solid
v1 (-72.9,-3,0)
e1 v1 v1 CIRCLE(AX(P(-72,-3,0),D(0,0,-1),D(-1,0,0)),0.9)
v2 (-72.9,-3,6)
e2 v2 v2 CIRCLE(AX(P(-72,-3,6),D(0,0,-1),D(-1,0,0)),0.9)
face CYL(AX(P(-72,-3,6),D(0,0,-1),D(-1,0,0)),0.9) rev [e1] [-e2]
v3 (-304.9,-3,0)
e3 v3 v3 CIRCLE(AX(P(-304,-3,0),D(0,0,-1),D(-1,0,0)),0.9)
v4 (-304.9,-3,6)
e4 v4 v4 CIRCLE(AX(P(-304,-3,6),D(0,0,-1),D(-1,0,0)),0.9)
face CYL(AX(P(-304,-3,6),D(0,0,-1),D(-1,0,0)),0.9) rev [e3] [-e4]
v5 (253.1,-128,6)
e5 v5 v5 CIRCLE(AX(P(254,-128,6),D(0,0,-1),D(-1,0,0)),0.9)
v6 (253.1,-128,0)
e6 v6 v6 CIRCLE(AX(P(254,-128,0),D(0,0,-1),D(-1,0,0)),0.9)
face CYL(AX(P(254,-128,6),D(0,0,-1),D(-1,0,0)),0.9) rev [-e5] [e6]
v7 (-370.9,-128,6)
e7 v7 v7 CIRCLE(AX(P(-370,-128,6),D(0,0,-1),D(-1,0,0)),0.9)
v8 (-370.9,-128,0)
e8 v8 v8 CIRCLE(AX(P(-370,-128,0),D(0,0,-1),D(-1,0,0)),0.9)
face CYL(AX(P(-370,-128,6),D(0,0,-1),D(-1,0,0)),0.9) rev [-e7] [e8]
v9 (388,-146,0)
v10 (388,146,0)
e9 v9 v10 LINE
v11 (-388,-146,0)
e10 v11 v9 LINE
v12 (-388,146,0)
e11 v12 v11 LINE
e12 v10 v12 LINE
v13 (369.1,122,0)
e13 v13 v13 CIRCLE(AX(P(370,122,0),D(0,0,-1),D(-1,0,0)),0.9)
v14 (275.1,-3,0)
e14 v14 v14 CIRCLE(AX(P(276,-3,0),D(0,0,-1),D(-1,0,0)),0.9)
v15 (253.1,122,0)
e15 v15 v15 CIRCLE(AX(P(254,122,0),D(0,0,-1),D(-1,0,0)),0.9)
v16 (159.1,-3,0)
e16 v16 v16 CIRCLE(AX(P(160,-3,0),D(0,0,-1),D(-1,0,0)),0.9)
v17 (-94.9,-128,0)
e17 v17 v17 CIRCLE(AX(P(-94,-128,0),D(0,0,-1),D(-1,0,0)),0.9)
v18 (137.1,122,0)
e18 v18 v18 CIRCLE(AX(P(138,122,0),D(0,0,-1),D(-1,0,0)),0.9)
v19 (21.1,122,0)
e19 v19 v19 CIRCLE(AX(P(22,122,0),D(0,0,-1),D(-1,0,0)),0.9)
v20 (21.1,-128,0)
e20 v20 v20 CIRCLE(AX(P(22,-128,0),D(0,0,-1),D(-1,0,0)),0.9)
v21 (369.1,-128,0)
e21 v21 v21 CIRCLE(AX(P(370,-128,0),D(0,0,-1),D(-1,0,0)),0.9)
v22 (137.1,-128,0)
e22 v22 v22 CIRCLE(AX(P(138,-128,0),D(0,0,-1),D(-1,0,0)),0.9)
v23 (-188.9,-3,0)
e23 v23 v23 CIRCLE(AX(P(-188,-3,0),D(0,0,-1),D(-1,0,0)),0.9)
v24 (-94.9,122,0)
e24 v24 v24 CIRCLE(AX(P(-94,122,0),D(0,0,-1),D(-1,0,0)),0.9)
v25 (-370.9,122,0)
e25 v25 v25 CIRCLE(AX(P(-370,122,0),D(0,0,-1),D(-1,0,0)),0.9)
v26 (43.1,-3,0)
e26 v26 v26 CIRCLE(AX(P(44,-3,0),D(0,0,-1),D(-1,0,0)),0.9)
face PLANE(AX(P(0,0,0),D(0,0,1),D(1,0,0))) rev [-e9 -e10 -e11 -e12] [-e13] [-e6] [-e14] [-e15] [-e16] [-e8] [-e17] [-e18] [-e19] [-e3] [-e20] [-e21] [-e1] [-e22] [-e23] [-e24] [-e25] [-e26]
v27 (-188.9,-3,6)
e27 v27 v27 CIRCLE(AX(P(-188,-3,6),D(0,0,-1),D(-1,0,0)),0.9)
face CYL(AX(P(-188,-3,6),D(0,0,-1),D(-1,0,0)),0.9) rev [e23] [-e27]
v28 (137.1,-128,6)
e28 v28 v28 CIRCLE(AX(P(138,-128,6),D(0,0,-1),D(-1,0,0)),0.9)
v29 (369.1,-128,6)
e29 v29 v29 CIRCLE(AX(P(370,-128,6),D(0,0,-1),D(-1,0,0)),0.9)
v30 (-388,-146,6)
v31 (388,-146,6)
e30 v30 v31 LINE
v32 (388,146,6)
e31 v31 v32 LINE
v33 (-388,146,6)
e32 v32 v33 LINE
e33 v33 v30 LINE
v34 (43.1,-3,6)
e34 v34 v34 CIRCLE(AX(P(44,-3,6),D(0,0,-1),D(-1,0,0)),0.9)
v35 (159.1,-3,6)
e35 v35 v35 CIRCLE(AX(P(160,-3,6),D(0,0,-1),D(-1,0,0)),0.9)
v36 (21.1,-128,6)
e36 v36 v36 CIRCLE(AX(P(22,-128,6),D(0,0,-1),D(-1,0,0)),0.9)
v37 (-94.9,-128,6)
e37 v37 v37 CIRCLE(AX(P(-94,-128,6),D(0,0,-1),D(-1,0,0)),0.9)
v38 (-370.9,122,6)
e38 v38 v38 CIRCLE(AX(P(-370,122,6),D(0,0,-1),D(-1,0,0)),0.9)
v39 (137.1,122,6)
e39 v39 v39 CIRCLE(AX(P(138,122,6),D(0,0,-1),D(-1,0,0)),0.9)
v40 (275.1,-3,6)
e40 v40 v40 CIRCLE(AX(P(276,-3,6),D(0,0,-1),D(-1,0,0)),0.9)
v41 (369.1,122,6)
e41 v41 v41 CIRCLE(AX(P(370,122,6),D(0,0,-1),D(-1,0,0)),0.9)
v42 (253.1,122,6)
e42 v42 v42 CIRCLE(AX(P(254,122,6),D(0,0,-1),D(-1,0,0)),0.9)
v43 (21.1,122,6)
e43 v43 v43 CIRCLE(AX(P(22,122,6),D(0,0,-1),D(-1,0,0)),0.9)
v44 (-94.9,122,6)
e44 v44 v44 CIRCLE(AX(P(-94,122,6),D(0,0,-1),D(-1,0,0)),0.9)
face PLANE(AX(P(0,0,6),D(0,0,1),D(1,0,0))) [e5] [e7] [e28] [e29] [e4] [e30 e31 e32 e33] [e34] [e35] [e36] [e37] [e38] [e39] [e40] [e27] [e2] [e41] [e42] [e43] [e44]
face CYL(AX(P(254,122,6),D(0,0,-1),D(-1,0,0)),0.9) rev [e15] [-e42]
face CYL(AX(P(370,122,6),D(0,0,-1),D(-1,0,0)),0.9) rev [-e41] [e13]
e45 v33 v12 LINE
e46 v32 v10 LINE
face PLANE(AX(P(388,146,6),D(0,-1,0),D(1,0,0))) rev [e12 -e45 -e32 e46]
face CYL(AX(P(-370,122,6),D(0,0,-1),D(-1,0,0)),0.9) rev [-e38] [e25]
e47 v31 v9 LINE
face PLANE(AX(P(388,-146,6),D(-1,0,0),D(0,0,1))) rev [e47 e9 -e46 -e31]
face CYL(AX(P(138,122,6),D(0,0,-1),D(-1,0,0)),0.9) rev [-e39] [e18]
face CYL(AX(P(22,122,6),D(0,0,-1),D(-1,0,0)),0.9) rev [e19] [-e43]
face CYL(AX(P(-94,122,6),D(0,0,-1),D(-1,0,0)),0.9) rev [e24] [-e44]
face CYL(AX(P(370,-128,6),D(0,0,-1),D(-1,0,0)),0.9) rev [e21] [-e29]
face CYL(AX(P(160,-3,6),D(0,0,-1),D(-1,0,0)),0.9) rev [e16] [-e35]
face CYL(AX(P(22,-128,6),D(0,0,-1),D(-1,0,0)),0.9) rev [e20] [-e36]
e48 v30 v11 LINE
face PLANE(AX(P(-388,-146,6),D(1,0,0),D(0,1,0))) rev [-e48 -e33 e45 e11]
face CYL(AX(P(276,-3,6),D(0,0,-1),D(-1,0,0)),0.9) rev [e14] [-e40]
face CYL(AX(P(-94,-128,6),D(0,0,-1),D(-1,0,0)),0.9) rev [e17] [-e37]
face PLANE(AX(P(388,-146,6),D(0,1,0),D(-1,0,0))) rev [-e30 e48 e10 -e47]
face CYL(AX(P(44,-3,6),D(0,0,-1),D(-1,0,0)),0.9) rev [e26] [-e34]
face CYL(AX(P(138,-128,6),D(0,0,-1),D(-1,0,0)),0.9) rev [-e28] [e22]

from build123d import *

# Parameters (mm, degrees)
SKETCH1_W           = 776
SKETCH1_H           = 292
BOSS_EXTRUDE1_DEPTH = 6
SKETCH2_R           = 0.9
CUT_EXTRUDE1_DEPTH  = 6


with BuildPart() as part:
    # Sketch1 → Boss-Extrude1 (new body)
    with BuildSketch(Plane.XY):
        Rectangle(SKETCH1_W, SKETCH1_H)
    extrude(amount=BOSS_EXTRUDE1_DEPTH)

    # Sketch2 → Cut-Extrude1 (cut)
    with BuildSketch(Plane(origin=(0, 0, 0), x_dir=(-1, 0, 0), z_dir=(0, 0, -1))):
        with Locations((-370, -128)):
            Circle(SKETCH2_R)
        with Locations((-370, 122)):
            Circle(SKETCH2_R)
        with Locations((370, -128)):
            Circle(SKETCH2_R)
        with Locations((370, 122)):
            Circle(SKETCH2_R)
        with Locations((-276, -3)):
            Circle(SKETCH2_R)
        with Locations((-254, -128)):
            Circle(SKETCH2_R)
        with Locations((-254, 122)):
            Circle(SKETCH2_R)
        with Locations((-160, -3)):
            Circle(SKETCH2_R)
        with Locations((-138, -128)):
            Circle(SKETCH2_R)
        with Locations((-138, 122)):
            Circle(SKETCH2_R)
        with Locations((-44, -3)):
            Circle(SKETCH2_R)
        with Locations((-22, -128)):
            Circle(SKETCH2_R)
        with Locations((-22, 122)):
            Circle(SKETCH2_R)
        with Locations((72, -3)):
            Circle(SKETCH2_R)
        with Locations((94, -128)):
            Circle(SKETCH2_R)
        with Locations((94, 122)):
            Circle(SKETCH2_R)
        with Locations((188, -3)):
            Circle(SKETCH2_R)
        with Locations((304, -3)):
            Circle(SKETCH2_R)
    extrude(amount=-CUT_EXTRUDE1_DEPTH, mode=Mode.SUBTRACT)


solid = part.part
